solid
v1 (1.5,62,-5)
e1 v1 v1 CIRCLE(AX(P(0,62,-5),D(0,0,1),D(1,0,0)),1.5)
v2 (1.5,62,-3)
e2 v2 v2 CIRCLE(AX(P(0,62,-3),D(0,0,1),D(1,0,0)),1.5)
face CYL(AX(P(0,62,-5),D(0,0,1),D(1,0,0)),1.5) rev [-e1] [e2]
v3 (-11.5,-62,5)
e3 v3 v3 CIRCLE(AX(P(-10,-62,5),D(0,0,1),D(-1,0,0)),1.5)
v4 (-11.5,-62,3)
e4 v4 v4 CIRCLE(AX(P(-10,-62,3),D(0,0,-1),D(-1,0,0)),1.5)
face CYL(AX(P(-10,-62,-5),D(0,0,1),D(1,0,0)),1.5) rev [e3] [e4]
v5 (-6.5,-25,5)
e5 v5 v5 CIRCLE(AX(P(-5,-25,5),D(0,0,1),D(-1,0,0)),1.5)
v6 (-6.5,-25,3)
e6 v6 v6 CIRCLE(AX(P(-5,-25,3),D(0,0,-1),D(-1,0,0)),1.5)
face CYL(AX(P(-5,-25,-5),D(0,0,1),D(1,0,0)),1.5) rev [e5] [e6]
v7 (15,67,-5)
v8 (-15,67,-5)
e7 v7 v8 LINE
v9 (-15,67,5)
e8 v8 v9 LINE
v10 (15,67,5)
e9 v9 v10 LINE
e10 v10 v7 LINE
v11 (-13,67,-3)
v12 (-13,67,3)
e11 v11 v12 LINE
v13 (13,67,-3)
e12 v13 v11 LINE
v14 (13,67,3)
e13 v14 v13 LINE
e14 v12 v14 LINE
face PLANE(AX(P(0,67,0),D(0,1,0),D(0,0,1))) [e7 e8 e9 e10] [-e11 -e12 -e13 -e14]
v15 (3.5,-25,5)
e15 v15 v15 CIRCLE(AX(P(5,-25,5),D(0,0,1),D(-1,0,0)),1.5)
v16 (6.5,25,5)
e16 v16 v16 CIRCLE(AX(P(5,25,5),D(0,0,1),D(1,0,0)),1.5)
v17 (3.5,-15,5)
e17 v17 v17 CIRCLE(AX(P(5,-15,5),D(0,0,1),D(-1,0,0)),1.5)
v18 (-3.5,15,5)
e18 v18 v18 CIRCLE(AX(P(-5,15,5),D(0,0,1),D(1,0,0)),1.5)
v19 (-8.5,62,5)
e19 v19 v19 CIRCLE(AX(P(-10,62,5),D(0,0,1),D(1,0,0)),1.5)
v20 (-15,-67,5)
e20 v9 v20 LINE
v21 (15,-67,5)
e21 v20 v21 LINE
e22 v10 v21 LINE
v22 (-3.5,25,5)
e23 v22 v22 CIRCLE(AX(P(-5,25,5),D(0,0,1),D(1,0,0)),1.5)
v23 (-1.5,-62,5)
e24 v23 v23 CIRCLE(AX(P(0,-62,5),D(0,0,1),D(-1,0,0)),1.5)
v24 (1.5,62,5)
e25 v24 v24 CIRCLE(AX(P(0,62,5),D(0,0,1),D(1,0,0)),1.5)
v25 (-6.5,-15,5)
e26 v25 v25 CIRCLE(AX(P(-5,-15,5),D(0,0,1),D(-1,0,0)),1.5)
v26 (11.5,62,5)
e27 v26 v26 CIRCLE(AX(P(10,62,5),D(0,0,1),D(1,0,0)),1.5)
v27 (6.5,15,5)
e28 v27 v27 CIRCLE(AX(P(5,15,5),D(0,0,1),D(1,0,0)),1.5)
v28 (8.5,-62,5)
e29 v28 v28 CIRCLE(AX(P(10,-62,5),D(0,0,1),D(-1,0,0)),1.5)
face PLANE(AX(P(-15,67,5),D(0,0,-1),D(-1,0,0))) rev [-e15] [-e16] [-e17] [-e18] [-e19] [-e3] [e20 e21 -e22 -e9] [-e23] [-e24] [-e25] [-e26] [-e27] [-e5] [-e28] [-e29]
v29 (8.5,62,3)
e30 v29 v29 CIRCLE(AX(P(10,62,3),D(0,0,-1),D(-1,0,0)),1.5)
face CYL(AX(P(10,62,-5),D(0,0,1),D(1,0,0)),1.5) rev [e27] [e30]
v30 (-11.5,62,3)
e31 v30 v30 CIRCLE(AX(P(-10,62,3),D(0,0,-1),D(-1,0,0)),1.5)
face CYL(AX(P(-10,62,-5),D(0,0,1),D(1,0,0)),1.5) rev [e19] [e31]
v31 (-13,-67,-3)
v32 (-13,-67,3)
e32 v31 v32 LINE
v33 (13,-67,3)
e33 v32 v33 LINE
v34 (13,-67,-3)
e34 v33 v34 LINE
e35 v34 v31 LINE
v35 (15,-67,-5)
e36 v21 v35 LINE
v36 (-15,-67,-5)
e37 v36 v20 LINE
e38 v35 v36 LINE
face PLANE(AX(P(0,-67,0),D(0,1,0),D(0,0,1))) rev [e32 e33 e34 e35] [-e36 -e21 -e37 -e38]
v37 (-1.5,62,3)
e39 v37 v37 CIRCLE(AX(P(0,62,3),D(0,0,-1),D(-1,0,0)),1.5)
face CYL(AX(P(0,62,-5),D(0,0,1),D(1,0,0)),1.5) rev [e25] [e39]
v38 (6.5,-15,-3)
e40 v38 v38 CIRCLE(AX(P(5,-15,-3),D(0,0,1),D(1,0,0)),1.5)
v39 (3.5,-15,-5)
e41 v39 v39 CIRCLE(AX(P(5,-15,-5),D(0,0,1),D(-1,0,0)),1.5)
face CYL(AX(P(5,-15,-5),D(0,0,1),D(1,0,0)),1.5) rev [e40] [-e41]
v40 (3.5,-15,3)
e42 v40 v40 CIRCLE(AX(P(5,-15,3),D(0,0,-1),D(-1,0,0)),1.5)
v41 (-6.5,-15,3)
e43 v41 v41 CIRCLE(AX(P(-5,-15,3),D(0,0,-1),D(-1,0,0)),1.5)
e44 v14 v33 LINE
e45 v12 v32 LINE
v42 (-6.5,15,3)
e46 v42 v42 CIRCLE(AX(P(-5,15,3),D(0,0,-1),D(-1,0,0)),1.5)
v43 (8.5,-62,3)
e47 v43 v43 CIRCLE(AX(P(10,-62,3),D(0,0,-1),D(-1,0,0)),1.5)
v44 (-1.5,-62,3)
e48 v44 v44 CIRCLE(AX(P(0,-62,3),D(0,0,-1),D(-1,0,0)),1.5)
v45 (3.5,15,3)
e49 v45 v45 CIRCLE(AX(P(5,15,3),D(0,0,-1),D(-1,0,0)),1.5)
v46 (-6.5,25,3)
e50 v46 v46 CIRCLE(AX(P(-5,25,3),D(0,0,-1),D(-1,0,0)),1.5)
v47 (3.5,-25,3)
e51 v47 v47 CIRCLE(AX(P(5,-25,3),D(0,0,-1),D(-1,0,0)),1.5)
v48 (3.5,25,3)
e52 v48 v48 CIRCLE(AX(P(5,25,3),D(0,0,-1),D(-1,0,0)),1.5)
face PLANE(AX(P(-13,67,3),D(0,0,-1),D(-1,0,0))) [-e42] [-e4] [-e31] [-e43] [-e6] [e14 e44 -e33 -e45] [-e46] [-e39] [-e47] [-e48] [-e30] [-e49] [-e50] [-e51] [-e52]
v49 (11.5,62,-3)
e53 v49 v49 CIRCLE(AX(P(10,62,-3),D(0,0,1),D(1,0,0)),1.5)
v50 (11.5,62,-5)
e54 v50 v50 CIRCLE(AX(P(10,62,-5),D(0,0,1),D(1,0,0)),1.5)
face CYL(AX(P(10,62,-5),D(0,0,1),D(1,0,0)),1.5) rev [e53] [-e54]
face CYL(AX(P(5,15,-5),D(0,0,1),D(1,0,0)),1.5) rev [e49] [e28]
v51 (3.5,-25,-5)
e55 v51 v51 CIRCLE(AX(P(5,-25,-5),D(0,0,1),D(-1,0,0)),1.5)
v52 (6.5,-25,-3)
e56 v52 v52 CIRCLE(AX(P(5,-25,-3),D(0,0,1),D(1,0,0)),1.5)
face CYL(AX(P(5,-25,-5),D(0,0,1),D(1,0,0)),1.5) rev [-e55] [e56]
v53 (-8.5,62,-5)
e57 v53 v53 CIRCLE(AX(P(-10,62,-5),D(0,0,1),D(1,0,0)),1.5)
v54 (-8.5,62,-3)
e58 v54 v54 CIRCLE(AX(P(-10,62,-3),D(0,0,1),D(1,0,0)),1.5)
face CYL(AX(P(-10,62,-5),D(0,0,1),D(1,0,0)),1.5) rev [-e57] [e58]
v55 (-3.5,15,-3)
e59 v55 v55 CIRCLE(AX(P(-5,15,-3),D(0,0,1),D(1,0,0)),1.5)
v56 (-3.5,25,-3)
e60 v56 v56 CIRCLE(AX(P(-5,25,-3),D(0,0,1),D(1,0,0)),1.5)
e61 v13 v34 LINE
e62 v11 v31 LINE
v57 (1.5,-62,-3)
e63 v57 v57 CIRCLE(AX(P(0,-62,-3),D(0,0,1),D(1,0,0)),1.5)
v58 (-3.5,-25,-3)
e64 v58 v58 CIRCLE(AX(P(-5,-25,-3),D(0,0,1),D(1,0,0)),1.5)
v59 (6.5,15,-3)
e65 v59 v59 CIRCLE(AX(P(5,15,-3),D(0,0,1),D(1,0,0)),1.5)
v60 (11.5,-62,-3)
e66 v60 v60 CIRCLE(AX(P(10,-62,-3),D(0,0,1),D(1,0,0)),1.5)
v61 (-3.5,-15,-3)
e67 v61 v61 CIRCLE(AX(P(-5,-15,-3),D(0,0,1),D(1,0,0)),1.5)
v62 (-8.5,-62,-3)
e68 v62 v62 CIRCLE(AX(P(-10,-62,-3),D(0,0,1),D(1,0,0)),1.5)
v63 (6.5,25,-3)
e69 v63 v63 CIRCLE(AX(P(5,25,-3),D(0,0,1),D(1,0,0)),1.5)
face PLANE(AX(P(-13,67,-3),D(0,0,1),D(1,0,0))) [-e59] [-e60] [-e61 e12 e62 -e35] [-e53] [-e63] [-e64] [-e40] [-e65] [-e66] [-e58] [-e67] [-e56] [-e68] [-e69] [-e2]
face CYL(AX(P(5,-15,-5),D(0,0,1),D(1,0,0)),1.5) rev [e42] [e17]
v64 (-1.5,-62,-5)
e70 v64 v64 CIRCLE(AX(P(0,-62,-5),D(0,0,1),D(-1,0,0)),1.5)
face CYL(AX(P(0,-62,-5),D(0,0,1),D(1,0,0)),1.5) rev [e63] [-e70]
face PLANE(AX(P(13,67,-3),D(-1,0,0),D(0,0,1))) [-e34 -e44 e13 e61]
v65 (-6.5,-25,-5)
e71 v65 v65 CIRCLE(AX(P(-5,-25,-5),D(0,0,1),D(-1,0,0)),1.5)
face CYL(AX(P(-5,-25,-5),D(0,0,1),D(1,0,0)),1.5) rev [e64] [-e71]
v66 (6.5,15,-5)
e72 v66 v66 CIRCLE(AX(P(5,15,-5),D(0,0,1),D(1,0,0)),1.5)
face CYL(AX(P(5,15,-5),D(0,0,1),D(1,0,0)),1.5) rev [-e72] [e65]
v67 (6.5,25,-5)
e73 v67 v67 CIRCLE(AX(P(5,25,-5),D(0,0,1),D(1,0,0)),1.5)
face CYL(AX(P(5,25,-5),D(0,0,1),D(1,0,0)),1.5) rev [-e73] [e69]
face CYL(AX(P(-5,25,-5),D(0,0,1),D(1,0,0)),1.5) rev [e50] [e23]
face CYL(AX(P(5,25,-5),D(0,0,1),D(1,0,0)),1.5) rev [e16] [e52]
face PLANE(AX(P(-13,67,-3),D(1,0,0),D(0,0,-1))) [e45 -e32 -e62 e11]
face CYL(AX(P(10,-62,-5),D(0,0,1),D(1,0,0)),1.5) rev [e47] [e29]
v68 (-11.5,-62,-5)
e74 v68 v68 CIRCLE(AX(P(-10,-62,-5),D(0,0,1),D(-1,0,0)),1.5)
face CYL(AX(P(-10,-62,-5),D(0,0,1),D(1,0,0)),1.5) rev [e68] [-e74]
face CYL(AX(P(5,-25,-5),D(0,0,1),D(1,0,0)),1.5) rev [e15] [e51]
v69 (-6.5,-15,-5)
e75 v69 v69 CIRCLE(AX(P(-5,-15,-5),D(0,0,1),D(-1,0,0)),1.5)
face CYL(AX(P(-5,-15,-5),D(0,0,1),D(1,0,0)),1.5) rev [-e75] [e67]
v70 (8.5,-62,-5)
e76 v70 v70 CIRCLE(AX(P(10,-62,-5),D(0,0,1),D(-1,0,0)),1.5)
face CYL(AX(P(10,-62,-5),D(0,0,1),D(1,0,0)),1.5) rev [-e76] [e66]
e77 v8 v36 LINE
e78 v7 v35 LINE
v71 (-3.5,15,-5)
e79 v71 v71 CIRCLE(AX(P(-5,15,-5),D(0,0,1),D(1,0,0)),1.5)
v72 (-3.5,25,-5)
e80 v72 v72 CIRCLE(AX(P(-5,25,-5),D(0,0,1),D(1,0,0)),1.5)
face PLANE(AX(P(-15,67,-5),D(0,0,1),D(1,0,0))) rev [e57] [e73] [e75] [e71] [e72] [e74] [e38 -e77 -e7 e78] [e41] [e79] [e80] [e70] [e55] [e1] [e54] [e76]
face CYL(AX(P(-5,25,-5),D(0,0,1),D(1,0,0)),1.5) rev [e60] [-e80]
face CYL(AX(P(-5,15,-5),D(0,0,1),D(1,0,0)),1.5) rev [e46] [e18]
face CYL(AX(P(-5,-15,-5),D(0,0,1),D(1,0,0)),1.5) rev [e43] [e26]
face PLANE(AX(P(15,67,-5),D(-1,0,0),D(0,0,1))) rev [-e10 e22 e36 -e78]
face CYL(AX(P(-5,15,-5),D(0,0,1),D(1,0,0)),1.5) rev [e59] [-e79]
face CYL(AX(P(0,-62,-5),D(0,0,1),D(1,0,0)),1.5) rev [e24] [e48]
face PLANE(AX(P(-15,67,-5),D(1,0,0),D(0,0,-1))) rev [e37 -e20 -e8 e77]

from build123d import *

# Parameters (mm, degrees)
SKETCH_1_W          = 30
SKETCH_1_H          = 10
SKETCH_1_W_2        = 26
SKETCH_1_H_2        = 6
EXTRUDE_1_DEPTH     = 67
SKETCH_2_R          = 1.5
CUT_EXTRUDE_1_DEPTH = 70.382995035


with BuildPart() as part:
    # 草图1 → 凸台-拉伸1 (new, symmetric)
    with BuildSketch(Plane(origin=(0, 0, 0), x_dir=(1, 0, 0), z_dir=(0, 1, 0))):
        Rectangle(SKETCH_1_W, SKETCH_1_H)
        Rectangle(SKETCH_1_W_2, SKETCH_1_H_2, mode=Mode.SUBTRACT)
    extrude(amount=EXTRUDE_1_DEPTH, both=True)

    # 草图2 → 切除-拉伸1 (cut, through all)
    with BuildSketch(Plane.XY.offset(5)):
        with Locations((-10, 62)):
            Circle(SKETCH_2_R)
        with Locations((0, 62)):
            Circle(SKETCH_2_R)
        with Locations((10, 62)):
            Circle(SKETCH_2_R)
        with Locations((-5, 25)):
            Circle(SKETCH_2_R)
        with Locations((-5, 15)):
            Circle(SKETCH_2_R)
        with Locations((5, 15)):
            Circle(SKETCH_2_R)
        with Locations((5, 25)):
            Circle(SKETCH_2_R)
        with Locations(Location((-5, -15, 0), (0, 0, 180))):
            Circle(SKETCH_2_R)
        with Locations(Location((5, -15, 0), (0, 0, 180))):
            Circle(SKETCH_2_R)
        with Locations(Location((5, -25, 0), (0, 0, 180))):
            Circle(SKETCH_2_R)
        with Locations(Location((-5, -25, 0), (0, 0, 180))):
            Circle(SKETCH_2_R)
        with Locations(Location((-10, -62, 0), (0, 0, 180))):
            Circle(SKETCH_2_R)
        with Locations(Location((0, -62, 0), (0, 0, 180))):
            Circle(SKETCH_2_R)
        with Locations(Location((10, -62, 0), (0, 0, 180))):
            Circle(SKETCH_2_R)
    extrude(amount=-CUT_EXTRUDE_1_DEPTH, mode=Mode.SUBTRACT)


solid = part.part
